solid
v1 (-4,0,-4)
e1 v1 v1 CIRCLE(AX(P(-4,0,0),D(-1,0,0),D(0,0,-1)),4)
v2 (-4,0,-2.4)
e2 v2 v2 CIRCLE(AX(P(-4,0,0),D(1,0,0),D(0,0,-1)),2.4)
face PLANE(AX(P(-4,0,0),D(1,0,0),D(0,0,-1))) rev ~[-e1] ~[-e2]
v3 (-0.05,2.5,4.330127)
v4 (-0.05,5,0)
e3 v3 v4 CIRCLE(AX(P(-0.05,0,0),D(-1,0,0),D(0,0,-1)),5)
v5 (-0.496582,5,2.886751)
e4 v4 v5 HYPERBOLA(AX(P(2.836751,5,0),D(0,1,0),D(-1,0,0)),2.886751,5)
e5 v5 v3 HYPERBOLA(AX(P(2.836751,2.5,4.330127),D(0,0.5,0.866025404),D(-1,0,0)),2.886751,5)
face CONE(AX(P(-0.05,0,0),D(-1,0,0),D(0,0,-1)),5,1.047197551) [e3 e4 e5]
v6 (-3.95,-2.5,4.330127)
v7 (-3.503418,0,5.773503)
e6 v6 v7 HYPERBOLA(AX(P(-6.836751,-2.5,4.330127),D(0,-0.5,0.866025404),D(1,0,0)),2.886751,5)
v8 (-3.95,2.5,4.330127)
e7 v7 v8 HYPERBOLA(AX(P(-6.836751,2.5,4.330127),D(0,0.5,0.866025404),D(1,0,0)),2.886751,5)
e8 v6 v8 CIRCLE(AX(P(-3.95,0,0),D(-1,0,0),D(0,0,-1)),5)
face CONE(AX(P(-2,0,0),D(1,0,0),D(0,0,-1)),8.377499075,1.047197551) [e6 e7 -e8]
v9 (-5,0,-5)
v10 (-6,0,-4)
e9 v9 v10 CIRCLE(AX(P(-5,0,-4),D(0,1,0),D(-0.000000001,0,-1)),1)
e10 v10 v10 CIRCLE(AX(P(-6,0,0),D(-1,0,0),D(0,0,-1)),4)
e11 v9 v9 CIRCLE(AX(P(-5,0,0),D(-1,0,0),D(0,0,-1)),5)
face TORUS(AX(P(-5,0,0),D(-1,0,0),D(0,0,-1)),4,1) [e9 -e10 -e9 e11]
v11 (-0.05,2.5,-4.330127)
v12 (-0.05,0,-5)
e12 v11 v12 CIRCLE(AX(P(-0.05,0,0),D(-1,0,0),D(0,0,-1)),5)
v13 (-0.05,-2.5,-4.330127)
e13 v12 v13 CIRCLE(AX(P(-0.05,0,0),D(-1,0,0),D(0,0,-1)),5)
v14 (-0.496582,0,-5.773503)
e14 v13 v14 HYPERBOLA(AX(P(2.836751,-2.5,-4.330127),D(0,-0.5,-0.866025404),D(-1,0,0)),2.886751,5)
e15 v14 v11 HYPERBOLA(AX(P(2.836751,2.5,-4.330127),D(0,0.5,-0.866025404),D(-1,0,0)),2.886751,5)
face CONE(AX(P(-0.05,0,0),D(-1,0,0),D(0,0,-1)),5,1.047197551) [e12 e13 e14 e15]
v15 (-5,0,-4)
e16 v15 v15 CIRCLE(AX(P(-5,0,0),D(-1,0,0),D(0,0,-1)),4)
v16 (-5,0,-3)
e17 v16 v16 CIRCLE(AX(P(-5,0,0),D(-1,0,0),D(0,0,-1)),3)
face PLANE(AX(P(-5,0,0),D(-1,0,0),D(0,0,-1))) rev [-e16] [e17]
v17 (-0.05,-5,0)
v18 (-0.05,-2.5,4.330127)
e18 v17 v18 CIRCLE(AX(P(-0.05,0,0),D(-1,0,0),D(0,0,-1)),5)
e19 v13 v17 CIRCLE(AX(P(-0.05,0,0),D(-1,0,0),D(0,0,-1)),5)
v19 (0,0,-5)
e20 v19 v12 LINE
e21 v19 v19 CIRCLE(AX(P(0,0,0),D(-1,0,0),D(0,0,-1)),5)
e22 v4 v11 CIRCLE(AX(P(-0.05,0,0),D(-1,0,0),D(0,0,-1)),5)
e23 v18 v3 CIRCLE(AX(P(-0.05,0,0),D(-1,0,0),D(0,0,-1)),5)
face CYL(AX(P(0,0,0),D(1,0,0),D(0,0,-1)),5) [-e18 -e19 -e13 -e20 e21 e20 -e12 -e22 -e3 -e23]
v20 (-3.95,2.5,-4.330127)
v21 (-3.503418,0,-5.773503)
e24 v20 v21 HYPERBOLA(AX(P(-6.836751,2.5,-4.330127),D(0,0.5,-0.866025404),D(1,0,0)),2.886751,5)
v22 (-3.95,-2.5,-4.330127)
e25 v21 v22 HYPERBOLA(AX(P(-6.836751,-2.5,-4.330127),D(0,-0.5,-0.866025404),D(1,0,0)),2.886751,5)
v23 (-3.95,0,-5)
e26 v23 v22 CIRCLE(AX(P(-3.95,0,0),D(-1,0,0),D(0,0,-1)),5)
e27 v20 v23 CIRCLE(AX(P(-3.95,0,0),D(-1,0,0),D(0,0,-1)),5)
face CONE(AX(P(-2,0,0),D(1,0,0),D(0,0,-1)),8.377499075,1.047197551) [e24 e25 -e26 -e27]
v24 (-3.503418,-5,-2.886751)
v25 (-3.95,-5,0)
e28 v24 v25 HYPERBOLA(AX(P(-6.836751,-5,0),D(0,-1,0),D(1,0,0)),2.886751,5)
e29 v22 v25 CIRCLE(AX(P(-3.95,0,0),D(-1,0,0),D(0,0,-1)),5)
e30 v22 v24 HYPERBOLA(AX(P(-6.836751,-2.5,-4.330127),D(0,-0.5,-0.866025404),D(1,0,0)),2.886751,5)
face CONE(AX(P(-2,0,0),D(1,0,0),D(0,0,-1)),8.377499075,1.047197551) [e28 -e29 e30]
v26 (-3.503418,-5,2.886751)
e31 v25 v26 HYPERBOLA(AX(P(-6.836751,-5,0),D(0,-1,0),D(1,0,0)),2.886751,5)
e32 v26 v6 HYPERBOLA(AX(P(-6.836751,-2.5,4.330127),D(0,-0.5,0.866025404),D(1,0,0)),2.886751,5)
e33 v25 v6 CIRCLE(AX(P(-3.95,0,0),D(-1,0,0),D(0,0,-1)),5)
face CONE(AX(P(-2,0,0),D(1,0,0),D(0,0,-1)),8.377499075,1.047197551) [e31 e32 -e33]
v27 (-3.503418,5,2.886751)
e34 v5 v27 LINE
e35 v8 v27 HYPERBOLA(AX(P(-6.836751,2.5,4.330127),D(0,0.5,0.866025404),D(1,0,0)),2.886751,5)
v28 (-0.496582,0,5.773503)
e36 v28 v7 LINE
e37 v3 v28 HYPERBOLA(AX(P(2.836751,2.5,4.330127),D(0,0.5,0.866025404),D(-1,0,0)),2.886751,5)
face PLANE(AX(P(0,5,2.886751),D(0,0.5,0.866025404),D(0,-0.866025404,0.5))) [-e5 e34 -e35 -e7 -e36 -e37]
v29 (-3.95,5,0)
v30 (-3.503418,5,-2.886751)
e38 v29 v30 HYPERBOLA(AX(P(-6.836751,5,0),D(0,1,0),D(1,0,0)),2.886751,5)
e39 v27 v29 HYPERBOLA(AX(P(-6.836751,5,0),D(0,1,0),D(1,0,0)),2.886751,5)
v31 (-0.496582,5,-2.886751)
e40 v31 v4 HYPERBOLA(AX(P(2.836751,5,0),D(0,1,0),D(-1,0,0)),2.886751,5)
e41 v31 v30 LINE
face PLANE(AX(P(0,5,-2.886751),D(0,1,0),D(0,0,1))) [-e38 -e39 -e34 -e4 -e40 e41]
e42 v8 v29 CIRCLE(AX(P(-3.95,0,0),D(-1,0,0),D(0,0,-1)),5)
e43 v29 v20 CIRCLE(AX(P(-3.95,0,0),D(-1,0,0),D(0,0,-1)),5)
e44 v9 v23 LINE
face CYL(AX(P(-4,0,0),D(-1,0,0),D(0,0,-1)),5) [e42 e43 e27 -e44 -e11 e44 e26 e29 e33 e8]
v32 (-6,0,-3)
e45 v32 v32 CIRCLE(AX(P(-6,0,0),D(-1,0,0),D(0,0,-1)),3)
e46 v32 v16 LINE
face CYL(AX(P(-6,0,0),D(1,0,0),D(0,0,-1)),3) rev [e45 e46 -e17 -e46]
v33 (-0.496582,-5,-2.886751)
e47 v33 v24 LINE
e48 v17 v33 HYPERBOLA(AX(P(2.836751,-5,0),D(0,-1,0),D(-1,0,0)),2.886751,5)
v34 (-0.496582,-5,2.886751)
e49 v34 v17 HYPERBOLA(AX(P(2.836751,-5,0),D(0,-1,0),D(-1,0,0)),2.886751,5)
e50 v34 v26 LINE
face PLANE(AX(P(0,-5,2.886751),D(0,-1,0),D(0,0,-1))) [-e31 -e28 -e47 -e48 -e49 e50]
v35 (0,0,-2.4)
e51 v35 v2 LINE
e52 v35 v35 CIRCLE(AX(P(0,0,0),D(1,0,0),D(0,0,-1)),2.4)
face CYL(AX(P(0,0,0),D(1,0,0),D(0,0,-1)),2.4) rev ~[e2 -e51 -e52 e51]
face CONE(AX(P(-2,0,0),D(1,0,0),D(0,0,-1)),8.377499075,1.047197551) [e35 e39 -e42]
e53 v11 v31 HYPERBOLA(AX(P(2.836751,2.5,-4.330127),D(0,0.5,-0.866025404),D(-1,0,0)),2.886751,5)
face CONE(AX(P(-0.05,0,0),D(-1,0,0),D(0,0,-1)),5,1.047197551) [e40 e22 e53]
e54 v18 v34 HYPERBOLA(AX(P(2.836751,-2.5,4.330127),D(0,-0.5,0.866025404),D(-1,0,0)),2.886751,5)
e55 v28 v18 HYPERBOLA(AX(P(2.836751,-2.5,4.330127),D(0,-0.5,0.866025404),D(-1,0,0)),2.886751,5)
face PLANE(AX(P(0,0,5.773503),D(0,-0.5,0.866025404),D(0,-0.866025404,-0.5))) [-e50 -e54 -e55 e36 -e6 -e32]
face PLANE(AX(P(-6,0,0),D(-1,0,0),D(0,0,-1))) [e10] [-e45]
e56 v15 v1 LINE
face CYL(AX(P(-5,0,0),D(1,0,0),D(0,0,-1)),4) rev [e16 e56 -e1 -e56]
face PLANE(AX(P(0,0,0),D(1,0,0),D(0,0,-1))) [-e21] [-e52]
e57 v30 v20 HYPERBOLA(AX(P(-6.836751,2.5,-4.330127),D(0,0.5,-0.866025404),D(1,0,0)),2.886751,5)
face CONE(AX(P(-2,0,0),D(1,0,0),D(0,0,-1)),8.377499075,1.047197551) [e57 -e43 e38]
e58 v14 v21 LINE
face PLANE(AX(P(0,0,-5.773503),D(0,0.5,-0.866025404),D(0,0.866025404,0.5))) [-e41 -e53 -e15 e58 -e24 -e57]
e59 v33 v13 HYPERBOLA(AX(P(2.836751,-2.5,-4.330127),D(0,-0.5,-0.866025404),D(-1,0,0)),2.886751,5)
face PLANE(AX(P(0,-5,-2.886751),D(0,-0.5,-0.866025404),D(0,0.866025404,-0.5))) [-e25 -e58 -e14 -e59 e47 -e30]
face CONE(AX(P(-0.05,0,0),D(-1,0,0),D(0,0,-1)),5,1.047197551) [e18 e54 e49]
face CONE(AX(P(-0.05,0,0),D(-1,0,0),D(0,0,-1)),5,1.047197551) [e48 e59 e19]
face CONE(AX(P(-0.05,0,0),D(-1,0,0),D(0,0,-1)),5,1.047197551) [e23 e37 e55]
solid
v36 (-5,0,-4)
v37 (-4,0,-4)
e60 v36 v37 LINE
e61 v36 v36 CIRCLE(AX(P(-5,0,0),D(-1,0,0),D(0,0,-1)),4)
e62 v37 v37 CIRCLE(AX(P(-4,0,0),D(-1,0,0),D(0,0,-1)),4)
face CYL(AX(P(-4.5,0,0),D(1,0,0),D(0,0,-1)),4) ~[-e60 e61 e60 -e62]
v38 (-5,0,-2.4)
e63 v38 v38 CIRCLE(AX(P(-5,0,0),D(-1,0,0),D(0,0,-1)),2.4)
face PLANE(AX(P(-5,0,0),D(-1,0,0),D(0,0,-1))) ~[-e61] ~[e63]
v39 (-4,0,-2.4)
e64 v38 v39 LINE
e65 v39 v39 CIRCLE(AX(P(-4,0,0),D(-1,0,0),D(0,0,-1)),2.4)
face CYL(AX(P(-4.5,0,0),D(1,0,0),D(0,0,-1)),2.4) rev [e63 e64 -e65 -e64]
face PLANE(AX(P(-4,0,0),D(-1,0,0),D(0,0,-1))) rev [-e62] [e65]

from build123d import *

# Parameters (mm, degrees)
SKIZZE6_R               = 5
GRUNDK_RPER_DEPTH       = 4
SKIZZE14_R              = 8.377499075
SCHNITT_SECHSKANT_DEPTH = 5
SKIZZE13_R              = 2.4
GEWINDE_DEPTH           = 5
SKIZZE19_W              = 1
SKIZZE19_H              = 1.6


with BuildPart() as part:
    # Skizze6 → Grundkörper (new body)
    with BuildSketch(Plane(origin=(0, 0, 0), x_dir=(0, 0, -1), z_dir=(1, 0, 0))):
        Circle(SKIZZE6_R)
    extrude(amount=-GRUNDK_RPER_DEPTH)

    # Skizze17 → Rotation2 (revolve)
    with BuildSketch(Plane.XY, mode=Mode.PRIVATE) as rotation2_sk:
        Polygon((-0.05, 5), (-2, 8.377499075), (-3.95, 5), align=None)
    revolve(rotation2_sk.sketch.rotate(Axis((0, 0, 0), (-1, 0, 0)), 90), axis=Axis((0, 0, 0), (-1, 0, 0)))  # turned: the seam where the file's is

    # Skizze14 → Schnitt Sechskant (cut, through all)
    with BuildSketch(Plane(origin=(0, 0, 0), x_dir=(0, 0, -1), z_dir=(1, 0, 0))):
        Circle(SKIZZE14_R)
        Polygon((2.886751346, -5), (5.773502692, 0), (2.886751346, 5), (-2.886751346, 5), (-5.773502692, 0), (-2.886751346, -5), align=None, mode=Mode.SUBTRACT)
    extrude(amount=-SCHNITT_SECHSKANT_DEPTH, mode=Mode.SUBTRACT)

    # Skizze13 → Gewinde (cut, through all)
    with BuildSketch(Plane(origin=(0, 0, 0), x_dir=(0, 0, -1), z_dir=(1, 0, 0))):
        Circle(SKIZZE13_R)
    extrude(amount=-GEWINDE_DEPTH, mode=Mode.SUBTRACT)

    # Skizze18 → Sicherungsmutter Rotation3 (revolve)
    with BuildSketch(Plane.XY, mode=Mode.PRIVATE) as sicherungsmutter_rotation3_sk:
        with BuildLine():
            Line((-4, 5), (-5, 5))
            ThreePointArc((-5, 5), (-5.707106781, 4.707106781), (-6, 4))
            Line((-6, 4), (-6, 3))
            Line((-6, 3), (-5, 3))
            Line((-5, 3), (-5, 4))
            Line((-5, 4), (-4, 4))
            Line((-4, 4), (-4, 5))
        make_face()
    revolve(sicherungsmutter_rotation3_sk.sketch.rotate(Axis((0, 0, 0), (-1, 0, 0)), 90), axis=Axis((0, 0, 0), (-1, 0, 0)))  # turned: the seam where the file's is


with BuildPart() as body_2:
    # Skizze19 → Sicherungsmutter Rotation4 (revolve)
    with BuildSketch(Plane.XY, mode=Mode.PRIVATE) as sicherungsmutter_rotation4_sk:
        with Locations((-4.5, 3.2)):
            Rectangle(SKIZZE19_W, SKIZZE19_H)
    revolve(sicherungsmutter_rotation4_sk.sketch.rotate(Axis((0, 0, 0), (-1, 0, 0)), 90), axis=Axis((0, 0, 0), (-1, 0, 0)))  # turned: the seam where the file's is


solid = Compound([part.part, body_2.part])
